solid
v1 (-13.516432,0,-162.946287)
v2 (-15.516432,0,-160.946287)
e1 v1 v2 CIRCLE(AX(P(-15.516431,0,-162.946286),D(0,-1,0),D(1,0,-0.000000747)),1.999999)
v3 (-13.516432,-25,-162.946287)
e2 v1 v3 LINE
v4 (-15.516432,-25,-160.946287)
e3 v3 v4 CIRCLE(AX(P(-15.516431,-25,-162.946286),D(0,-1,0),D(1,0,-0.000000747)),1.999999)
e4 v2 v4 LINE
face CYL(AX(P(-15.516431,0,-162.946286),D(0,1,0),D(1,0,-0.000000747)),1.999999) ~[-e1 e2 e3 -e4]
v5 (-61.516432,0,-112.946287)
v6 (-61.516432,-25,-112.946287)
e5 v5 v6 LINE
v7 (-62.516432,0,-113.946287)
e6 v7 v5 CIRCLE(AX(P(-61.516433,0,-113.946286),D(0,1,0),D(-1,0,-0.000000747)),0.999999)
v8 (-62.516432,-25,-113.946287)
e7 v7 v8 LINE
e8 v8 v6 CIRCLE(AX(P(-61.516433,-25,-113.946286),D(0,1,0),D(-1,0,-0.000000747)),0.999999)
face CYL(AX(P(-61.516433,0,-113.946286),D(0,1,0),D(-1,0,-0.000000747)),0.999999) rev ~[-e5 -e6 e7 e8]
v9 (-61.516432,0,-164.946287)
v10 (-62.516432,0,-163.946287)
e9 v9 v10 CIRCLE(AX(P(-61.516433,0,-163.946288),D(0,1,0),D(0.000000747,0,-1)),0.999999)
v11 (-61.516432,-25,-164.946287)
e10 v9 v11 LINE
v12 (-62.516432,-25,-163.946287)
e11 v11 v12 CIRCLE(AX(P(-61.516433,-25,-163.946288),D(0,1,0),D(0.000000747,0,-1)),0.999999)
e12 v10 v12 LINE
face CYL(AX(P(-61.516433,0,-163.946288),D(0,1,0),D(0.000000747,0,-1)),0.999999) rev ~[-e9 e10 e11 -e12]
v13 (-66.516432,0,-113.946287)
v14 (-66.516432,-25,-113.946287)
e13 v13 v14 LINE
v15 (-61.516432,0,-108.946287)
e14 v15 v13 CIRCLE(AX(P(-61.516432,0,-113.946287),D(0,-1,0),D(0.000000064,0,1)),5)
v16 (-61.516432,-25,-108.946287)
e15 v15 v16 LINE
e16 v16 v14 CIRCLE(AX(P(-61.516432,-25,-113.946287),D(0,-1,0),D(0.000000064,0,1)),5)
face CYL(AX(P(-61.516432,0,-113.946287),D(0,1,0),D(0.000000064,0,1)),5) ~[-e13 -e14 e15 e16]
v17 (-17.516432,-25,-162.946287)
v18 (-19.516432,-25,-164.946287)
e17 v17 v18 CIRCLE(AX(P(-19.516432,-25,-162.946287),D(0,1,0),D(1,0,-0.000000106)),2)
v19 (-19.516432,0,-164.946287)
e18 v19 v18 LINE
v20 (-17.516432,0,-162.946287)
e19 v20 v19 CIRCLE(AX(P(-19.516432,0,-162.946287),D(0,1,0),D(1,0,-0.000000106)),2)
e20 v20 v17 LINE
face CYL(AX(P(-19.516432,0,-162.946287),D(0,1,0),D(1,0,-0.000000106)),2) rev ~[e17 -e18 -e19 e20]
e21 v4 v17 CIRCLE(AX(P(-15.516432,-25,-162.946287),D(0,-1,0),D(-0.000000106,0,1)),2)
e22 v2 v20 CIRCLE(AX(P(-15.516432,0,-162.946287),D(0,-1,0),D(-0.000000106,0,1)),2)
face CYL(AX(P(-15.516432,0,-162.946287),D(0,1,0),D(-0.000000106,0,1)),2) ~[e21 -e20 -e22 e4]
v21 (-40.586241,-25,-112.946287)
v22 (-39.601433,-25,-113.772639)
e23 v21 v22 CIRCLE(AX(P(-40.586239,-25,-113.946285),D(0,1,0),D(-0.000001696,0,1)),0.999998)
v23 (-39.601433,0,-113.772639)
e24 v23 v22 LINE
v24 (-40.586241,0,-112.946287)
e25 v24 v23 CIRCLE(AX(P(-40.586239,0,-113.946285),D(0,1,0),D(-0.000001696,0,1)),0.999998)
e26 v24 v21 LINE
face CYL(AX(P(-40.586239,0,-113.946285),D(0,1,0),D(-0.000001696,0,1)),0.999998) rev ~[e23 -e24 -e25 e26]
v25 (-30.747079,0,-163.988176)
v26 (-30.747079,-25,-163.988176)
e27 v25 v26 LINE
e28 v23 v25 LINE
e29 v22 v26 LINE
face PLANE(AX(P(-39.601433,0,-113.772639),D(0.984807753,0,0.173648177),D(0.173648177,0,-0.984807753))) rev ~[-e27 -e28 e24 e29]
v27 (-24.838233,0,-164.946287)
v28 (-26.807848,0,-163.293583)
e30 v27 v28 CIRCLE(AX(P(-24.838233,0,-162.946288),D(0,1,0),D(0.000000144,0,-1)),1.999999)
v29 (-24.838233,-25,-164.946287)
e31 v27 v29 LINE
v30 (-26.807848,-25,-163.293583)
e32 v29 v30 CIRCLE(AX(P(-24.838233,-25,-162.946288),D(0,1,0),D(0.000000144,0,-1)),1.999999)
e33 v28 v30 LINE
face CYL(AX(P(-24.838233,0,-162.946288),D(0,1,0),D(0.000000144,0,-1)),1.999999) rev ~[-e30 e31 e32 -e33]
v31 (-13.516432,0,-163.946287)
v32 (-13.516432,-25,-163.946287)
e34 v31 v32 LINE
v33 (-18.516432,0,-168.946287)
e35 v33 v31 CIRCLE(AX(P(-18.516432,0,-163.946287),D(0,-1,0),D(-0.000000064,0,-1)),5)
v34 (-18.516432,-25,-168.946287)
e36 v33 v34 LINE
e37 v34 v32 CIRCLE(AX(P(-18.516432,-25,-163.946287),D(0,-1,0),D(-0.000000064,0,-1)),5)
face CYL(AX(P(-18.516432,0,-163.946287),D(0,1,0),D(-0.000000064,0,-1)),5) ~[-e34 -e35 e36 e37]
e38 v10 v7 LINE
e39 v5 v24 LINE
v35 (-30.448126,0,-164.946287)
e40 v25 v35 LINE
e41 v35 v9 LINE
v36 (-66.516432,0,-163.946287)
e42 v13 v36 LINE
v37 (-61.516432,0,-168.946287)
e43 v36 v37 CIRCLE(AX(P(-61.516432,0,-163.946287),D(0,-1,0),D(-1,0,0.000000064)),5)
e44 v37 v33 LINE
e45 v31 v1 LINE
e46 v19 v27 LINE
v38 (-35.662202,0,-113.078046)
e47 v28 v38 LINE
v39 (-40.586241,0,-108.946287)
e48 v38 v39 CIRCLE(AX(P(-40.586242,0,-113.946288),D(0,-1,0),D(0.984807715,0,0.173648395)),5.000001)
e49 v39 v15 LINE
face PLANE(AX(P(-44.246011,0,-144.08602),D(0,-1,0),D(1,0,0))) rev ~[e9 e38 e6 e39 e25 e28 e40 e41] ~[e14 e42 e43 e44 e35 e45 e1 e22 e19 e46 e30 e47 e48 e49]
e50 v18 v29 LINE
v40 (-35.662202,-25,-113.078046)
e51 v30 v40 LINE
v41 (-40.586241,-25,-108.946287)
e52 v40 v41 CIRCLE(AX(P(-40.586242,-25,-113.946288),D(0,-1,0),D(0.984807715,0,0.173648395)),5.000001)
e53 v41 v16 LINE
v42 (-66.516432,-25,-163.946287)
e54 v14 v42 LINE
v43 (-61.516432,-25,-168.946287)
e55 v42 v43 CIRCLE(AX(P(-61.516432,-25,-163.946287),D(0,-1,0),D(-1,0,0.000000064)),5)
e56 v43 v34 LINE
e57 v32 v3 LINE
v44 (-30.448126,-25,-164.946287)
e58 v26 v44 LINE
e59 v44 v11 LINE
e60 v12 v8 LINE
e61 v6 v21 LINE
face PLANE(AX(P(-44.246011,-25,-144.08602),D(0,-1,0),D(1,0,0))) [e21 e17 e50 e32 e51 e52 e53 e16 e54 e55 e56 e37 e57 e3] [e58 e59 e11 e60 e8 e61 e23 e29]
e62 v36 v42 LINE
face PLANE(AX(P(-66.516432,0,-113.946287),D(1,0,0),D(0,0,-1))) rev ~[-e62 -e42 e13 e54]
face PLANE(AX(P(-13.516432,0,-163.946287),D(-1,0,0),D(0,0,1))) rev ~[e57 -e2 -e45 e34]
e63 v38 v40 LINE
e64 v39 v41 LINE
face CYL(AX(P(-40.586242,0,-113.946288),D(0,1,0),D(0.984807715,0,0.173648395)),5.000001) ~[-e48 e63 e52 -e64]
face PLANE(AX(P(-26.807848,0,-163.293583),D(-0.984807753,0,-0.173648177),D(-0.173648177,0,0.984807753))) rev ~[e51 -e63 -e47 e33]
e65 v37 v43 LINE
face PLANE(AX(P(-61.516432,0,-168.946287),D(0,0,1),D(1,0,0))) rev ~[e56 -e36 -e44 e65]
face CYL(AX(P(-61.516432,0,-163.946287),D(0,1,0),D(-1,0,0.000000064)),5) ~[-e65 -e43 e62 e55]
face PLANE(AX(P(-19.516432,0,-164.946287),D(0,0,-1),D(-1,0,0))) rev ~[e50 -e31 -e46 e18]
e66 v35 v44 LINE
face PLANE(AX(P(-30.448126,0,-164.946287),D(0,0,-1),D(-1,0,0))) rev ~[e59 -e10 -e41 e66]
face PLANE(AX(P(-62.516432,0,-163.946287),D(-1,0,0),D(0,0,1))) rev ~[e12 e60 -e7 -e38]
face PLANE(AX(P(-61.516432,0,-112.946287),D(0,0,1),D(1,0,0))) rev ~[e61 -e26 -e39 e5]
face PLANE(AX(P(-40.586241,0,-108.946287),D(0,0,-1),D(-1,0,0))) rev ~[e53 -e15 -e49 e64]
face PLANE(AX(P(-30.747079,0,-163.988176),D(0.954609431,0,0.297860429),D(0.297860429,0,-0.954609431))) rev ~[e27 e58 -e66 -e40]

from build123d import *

# Parameters (mm, degrees)
F1_DEPTH = 25


with BuildPart() as f1:
    # F0 (on Front) → F1 (new body)
    with BuildSketch(Plane.XZ):
        with BuildLine():
            ThreePointArc((-66.516432, -163.946287), (-65.051966, -167.481821), (-61.516432, -168.946287))
            Line((-61.516432, -168.946287), (-18.516432, -168.946287))
            ThreePointArc((-18.516432, -168.946287), (-14.980898, -167.481821), (-13.516432, -163.946287))
            Line((-13.516432, -163.946287), (-13.516432, -162.946287))
            ThreePointArc((-13.516432, -162.946287), (-14.102218, -161.532073), (-15.516432, -160.946287))
            ThreePointArc((-15.516432, -160.946287), (-16.930645, -161.532073), (-17.516432, -162.946287))
            ThreePointArc((-17.516432, -162.946287), (-18.102218, -164.3605), (-19.516432, -164.946287))
            Line((-19.516432, -164.946287), (-24.838233, -164.946287))
            ThreePointArc((-24.838233, -164.946287), (-26.123808, -164.478376), (-26.807848, -163.293583))
            Line((-26.807848, -163.293583), (-35.662202, -113.078046))
            ThreePointArc((-35.662202, -113.078046), (-37.372303, -110.116065), (-40.586241, -108.946287))
            Line((-40.586241, -108.946287), (-61.516432, -108.946287))
            ThreePointArc((-61.516432, -108.946287), (-65.051966, -110.410753), (-66.516432, -113.946287))
            Line((-66.516432, -113.946287), (-66.516432, -163.946287))
        make_face()
        with BuildLine():
            Line((-39.601433, -113.772639), (-30.747079, -163.988176))
            Line((-30.747079, -163.988176), (-30.448126, -164.946287))
            Line((-30.448126, -164.946287), (-61.516432, -164.946287))
            ThreePointArc((-61.516432, -164.946287), (-62.223539, -164.653394), (-62.516432, -163.946287))
            Line((-62.516432, -163.946287), (-62.516432, -113.946287))
            ThreePointArc((-62.516432, -113.946287), (-62.223539, -113.23918), (-61.516432, -112.946287))
            Line((-61.516432, -112.946287), (-40.586241, -112.946287))
            ThreePointArc((-40.586241, -112.946287), (-39.943453, -113.180242), (-39.601433, -113.772639))
        make_face(mode=Mode.SUBTRACT)
    extrude(amount=F1_DEPTH)


solid = f1.part
